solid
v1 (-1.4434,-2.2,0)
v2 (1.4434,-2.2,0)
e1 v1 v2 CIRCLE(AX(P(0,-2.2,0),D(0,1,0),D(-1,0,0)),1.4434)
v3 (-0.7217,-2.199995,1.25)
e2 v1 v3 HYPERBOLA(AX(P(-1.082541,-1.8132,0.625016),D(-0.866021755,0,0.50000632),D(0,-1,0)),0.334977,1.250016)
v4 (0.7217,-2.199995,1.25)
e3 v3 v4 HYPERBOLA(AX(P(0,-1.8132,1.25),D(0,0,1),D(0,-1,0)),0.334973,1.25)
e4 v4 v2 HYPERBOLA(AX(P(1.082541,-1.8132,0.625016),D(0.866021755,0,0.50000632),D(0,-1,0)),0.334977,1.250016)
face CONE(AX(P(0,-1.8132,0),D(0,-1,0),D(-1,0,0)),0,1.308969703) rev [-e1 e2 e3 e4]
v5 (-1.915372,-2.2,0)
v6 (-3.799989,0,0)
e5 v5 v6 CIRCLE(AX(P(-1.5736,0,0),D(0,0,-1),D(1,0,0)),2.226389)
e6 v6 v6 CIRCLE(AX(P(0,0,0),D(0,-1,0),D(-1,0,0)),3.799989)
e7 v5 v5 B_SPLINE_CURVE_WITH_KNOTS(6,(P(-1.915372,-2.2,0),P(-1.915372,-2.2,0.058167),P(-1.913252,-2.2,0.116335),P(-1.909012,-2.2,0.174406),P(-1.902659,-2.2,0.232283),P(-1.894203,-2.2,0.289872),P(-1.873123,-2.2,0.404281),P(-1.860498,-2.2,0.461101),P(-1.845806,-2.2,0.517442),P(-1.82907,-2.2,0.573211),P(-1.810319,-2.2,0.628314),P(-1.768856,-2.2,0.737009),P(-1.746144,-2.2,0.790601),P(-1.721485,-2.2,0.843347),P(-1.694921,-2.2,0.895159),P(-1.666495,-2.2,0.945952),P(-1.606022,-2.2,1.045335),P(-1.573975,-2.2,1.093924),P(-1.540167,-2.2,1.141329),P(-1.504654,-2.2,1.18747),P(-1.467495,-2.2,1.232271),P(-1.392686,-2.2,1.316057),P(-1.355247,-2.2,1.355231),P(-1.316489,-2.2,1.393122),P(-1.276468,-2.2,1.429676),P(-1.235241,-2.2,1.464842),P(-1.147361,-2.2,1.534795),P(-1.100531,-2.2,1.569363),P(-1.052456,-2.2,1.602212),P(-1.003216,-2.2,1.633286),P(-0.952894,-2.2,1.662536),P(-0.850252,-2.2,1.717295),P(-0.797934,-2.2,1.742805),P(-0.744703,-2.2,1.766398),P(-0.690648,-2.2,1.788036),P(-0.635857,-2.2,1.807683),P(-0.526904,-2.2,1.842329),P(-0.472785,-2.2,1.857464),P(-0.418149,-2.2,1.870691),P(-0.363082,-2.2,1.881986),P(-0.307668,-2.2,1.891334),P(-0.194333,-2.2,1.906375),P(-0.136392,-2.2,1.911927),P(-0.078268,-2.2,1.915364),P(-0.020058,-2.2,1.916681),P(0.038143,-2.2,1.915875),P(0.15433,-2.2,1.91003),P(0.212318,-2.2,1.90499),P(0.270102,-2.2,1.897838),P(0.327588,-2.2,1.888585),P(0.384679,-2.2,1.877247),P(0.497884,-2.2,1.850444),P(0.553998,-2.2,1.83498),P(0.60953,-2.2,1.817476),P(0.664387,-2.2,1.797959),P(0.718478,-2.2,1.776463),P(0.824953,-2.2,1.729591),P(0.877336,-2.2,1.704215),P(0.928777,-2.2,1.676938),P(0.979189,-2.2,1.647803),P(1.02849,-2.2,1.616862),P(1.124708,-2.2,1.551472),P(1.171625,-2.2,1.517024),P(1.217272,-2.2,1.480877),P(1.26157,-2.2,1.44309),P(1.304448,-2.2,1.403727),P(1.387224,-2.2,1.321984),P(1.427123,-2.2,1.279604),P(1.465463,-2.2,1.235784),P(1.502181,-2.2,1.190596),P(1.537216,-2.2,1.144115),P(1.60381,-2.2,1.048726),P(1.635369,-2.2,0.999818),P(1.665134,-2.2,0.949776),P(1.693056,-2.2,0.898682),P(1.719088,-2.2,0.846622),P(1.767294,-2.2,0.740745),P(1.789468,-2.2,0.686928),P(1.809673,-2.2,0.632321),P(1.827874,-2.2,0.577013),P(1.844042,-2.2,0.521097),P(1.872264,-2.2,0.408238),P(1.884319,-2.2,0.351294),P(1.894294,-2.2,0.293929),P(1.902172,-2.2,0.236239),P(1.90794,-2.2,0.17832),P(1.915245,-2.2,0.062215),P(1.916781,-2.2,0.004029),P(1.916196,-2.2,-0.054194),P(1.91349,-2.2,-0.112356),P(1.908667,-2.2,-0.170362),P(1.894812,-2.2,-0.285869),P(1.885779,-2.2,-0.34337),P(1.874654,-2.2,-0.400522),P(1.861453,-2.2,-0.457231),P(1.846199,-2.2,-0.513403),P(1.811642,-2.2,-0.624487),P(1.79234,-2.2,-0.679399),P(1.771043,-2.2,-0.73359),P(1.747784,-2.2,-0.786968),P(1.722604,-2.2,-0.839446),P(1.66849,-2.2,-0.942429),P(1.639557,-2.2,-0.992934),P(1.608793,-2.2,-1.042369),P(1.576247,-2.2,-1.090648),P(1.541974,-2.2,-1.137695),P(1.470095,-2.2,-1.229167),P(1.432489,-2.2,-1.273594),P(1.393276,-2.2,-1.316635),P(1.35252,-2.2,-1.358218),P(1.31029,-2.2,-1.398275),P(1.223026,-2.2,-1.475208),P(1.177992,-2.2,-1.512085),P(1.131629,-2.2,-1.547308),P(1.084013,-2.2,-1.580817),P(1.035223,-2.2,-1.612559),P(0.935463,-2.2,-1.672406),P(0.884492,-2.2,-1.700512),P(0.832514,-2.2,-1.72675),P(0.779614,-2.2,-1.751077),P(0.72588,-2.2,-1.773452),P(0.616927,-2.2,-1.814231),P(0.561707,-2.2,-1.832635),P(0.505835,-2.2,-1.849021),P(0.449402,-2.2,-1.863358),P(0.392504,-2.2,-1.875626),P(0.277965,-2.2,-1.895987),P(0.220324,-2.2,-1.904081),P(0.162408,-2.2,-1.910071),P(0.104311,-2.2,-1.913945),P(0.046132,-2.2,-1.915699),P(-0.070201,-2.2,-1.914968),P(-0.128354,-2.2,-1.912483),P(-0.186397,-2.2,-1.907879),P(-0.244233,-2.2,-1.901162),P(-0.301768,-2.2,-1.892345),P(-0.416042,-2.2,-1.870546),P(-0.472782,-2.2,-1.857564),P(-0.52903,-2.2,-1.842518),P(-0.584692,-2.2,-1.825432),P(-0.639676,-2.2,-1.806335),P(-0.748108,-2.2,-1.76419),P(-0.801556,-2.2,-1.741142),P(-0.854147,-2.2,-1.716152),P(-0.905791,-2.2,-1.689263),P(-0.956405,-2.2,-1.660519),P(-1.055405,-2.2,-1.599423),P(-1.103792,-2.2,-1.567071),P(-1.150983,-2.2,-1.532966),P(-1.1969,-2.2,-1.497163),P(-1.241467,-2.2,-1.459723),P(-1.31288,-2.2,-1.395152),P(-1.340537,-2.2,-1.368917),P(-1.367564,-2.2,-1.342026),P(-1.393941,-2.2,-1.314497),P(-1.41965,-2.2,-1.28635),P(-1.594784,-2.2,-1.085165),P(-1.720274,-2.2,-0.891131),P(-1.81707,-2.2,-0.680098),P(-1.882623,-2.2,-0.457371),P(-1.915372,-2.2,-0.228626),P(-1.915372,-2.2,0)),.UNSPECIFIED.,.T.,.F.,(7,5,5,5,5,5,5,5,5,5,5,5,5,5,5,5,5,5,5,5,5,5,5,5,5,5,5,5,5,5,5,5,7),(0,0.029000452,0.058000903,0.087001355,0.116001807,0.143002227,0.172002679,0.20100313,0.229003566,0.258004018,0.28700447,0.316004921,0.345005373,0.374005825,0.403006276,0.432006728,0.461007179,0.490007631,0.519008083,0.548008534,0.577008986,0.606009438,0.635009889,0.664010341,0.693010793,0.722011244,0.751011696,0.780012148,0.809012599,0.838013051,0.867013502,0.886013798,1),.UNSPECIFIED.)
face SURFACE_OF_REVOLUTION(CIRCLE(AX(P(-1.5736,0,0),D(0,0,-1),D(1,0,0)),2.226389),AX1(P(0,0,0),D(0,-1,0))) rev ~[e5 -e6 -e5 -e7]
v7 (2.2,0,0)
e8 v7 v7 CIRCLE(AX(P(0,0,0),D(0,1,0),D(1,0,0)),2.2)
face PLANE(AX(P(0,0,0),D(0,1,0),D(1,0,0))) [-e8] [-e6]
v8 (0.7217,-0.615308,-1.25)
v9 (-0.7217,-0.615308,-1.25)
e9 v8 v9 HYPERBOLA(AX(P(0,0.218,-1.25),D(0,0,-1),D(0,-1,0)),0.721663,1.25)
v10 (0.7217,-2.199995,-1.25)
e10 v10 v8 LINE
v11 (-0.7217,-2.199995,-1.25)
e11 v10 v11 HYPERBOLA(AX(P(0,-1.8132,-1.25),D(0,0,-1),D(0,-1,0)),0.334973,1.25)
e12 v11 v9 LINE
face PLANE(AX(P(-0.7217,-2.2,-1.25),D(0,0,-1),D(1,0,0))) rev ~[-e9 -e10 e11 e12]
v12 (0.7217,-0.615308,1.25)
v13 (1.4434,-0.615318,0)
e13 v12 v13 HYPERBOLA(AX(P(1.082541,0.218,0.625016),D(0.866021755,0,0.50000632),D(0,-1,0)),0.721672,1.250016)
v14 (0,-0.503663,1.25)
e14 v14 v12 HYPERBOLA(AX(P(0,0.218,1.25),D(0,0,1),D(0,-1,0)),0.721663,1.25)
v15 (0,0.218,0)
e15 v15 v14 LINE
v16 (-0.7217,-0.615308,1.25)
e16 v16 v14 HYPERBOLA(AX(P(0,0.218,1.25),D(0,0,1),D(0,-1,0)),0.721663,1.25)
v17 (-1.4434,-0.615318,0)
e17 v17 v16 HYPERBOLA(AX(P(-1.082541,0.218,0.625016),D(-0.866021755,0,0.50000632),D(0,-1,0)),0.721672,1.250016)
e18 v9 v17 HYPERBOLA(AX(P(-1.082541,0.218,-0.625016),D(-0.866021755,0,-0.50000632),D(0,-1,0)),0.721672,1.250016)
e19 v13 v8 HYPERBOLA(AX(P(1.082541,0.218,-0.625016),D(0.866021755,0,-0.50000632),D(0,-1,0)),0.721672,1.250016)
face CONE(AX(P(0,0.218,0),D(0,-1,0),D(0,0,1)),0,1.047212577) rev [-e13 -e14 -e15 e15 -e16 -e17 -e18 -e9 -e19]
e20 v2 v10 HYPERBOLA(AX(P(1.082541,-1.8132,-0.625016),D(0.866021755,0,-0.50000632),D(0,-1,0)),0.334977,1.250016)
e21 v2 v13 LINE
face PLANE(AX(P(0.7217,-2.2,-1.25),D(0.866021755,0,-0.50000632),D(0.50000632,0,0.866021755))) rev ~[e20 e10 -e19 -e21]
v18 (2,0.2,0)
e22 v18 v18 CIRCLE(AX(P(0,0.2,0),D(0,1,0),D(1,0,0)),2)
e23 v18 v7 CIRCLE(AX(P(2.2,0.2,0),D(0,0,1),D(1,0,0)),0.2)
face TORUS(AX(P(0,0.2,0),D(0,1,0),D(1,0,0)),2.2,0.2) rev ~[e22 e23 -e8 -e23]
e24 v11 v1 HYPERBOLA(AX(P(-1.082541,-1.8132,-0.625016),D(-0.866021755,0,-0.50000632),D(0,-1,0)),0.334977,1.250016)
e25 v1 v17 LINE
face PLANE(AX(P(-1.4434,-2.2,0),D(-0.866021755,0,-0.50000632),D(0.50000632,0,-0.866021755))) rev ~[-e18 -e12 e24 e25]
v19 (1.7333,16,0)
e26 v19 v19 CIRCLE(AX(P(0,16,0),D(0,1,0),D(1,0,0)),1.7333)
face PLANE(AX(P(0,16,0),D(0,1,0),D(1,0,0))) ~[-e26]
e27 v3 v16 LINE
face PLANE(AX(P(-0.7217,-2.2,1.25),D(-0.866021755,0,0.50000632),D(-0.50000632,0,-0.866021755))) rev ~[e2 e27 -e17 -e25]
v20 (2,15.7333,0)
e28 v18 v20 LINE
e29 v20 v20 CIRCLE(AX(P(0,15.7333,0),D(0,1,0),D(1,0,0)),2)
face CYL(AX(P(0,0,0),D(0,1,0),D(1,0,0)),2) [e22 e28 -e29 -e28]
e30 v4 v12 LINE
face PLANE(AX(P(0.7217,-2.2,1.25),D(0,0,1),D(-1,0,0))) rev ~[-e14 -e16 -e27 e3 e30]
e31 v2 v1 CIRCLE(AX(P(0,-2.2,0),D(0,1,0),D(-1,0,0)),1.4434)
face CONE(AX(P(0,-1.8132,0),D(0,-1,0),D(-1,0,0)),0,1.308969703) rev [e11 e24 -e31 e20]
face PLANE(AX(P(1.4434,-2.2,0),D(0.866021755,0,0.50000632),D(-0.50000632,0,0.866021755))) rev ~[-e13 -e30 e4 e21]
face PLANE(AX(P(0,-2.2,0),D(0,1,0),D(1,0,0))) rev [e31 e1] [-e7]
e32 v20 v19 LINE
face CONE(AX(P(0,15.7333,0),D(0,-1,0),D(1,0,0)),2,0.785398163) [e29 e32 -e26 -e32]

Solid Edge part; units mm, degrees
sketch "Sketch1" plane through (0, 0, 0) normal (0, 0, 1) x (1, 0, 0)
  line L0 (2, 0) -> (2, 16)
  line L1 (0, 16) -> (2, 16)
  line L2 (0, 0) -> (0, 16)
  line L3 (0, 0) -> (0, -2.2)
  line L4 (0, -2.2) -> (3.8, -2.2)
  line L5 (3.8, -2.2) -> (3.8, 0)
  line L6 (3.8, 0) -> (2, 0)
revolve "RevolvedProtrusion1" add sketch "Sketch1" angle 360 about axis through (0, 0, 0) along (0, 1, 0)
sketch "Sketch2" plane through (0, 0, 0) normal (1, 0, 0) x (0, 1, 0)
  line L0 (-2.2, 1.9365) -> (-0.9, 1.9365)
  line L1 (0.218, 0) -> (-0.9, 1.9365)
  line L2 (-2.2, 0) -> (0.218, 0)
  line L3 (-2.2, 0) -> (-2.2, 1.9365)
revolve "RevolvedCutout1" cut sketch "Sketch2" angle 360 about axis through (0, -4.5, 0) along (0, 1, 0)
sketch "Sketch3" plane through (0, -2.2, 0) normal (0, -1, 0) x (0, 0, 1)
  circle A0 centre (0, 0) radius 1.9365
  line L0 (-1.25, -0.7217) -> (0, -1.4434)
  line L1 (0, -1.4434) -> (1.25, -0.7217)
  line L2 (1.25, -0.7217) -> (1.25, 0.7217)
  line L3 (1.25, 0.7217) -> (0, 1.4434)
  line L4 (0, 1.4434) -> (-1.25, 0.7217)
  line L5 (-1.25, 0.7217) -> (-1.25, -0.7217)
  dimension "D1" = 2.5
extrude "Protrusion1" add sketch "Sketch3" against normal up to next
sketch "Sketch4" plane through (0, 0, 0) normal (0, 0, 1) x (1, 0, 0)
  line L0 (-1.4434, -2.2) -> (0, -2.2)
  line L1 (0, -2.2) -> (0, -1.8132)
  line L2 (0, -1.8132) -> (-1.4434, -2.2)
revolve "RevolvedCutout2" cut sketch "Sketch4" angle 360 about axis through (0, -4.5, 0) along (0, 1, 0)
fillet "Round1" radius 0.2 1 edges at (0, 0, -2)
chamfer "倒斜角_2" distance 0.2667 angle 45 1 edges at (0, 16, -2)
cosmetic_thread "螺纹_3" size "M4" thread depth 14.6
sketch "Sketch5" plane through (0, 0, 0) normal (0, 0, 1) x (1, 0, 0)
  arc A0 (-1.9153, -2.2) -> (-3.8, 0) centre (-1.5736, 0) cw
revolve "RevolvedCutout3" cut sketch "Sketch5" angle 360 about axis through (0, 0, 0) along (0, -1, 0) material side at (-3.3024, -1.481, 0)
